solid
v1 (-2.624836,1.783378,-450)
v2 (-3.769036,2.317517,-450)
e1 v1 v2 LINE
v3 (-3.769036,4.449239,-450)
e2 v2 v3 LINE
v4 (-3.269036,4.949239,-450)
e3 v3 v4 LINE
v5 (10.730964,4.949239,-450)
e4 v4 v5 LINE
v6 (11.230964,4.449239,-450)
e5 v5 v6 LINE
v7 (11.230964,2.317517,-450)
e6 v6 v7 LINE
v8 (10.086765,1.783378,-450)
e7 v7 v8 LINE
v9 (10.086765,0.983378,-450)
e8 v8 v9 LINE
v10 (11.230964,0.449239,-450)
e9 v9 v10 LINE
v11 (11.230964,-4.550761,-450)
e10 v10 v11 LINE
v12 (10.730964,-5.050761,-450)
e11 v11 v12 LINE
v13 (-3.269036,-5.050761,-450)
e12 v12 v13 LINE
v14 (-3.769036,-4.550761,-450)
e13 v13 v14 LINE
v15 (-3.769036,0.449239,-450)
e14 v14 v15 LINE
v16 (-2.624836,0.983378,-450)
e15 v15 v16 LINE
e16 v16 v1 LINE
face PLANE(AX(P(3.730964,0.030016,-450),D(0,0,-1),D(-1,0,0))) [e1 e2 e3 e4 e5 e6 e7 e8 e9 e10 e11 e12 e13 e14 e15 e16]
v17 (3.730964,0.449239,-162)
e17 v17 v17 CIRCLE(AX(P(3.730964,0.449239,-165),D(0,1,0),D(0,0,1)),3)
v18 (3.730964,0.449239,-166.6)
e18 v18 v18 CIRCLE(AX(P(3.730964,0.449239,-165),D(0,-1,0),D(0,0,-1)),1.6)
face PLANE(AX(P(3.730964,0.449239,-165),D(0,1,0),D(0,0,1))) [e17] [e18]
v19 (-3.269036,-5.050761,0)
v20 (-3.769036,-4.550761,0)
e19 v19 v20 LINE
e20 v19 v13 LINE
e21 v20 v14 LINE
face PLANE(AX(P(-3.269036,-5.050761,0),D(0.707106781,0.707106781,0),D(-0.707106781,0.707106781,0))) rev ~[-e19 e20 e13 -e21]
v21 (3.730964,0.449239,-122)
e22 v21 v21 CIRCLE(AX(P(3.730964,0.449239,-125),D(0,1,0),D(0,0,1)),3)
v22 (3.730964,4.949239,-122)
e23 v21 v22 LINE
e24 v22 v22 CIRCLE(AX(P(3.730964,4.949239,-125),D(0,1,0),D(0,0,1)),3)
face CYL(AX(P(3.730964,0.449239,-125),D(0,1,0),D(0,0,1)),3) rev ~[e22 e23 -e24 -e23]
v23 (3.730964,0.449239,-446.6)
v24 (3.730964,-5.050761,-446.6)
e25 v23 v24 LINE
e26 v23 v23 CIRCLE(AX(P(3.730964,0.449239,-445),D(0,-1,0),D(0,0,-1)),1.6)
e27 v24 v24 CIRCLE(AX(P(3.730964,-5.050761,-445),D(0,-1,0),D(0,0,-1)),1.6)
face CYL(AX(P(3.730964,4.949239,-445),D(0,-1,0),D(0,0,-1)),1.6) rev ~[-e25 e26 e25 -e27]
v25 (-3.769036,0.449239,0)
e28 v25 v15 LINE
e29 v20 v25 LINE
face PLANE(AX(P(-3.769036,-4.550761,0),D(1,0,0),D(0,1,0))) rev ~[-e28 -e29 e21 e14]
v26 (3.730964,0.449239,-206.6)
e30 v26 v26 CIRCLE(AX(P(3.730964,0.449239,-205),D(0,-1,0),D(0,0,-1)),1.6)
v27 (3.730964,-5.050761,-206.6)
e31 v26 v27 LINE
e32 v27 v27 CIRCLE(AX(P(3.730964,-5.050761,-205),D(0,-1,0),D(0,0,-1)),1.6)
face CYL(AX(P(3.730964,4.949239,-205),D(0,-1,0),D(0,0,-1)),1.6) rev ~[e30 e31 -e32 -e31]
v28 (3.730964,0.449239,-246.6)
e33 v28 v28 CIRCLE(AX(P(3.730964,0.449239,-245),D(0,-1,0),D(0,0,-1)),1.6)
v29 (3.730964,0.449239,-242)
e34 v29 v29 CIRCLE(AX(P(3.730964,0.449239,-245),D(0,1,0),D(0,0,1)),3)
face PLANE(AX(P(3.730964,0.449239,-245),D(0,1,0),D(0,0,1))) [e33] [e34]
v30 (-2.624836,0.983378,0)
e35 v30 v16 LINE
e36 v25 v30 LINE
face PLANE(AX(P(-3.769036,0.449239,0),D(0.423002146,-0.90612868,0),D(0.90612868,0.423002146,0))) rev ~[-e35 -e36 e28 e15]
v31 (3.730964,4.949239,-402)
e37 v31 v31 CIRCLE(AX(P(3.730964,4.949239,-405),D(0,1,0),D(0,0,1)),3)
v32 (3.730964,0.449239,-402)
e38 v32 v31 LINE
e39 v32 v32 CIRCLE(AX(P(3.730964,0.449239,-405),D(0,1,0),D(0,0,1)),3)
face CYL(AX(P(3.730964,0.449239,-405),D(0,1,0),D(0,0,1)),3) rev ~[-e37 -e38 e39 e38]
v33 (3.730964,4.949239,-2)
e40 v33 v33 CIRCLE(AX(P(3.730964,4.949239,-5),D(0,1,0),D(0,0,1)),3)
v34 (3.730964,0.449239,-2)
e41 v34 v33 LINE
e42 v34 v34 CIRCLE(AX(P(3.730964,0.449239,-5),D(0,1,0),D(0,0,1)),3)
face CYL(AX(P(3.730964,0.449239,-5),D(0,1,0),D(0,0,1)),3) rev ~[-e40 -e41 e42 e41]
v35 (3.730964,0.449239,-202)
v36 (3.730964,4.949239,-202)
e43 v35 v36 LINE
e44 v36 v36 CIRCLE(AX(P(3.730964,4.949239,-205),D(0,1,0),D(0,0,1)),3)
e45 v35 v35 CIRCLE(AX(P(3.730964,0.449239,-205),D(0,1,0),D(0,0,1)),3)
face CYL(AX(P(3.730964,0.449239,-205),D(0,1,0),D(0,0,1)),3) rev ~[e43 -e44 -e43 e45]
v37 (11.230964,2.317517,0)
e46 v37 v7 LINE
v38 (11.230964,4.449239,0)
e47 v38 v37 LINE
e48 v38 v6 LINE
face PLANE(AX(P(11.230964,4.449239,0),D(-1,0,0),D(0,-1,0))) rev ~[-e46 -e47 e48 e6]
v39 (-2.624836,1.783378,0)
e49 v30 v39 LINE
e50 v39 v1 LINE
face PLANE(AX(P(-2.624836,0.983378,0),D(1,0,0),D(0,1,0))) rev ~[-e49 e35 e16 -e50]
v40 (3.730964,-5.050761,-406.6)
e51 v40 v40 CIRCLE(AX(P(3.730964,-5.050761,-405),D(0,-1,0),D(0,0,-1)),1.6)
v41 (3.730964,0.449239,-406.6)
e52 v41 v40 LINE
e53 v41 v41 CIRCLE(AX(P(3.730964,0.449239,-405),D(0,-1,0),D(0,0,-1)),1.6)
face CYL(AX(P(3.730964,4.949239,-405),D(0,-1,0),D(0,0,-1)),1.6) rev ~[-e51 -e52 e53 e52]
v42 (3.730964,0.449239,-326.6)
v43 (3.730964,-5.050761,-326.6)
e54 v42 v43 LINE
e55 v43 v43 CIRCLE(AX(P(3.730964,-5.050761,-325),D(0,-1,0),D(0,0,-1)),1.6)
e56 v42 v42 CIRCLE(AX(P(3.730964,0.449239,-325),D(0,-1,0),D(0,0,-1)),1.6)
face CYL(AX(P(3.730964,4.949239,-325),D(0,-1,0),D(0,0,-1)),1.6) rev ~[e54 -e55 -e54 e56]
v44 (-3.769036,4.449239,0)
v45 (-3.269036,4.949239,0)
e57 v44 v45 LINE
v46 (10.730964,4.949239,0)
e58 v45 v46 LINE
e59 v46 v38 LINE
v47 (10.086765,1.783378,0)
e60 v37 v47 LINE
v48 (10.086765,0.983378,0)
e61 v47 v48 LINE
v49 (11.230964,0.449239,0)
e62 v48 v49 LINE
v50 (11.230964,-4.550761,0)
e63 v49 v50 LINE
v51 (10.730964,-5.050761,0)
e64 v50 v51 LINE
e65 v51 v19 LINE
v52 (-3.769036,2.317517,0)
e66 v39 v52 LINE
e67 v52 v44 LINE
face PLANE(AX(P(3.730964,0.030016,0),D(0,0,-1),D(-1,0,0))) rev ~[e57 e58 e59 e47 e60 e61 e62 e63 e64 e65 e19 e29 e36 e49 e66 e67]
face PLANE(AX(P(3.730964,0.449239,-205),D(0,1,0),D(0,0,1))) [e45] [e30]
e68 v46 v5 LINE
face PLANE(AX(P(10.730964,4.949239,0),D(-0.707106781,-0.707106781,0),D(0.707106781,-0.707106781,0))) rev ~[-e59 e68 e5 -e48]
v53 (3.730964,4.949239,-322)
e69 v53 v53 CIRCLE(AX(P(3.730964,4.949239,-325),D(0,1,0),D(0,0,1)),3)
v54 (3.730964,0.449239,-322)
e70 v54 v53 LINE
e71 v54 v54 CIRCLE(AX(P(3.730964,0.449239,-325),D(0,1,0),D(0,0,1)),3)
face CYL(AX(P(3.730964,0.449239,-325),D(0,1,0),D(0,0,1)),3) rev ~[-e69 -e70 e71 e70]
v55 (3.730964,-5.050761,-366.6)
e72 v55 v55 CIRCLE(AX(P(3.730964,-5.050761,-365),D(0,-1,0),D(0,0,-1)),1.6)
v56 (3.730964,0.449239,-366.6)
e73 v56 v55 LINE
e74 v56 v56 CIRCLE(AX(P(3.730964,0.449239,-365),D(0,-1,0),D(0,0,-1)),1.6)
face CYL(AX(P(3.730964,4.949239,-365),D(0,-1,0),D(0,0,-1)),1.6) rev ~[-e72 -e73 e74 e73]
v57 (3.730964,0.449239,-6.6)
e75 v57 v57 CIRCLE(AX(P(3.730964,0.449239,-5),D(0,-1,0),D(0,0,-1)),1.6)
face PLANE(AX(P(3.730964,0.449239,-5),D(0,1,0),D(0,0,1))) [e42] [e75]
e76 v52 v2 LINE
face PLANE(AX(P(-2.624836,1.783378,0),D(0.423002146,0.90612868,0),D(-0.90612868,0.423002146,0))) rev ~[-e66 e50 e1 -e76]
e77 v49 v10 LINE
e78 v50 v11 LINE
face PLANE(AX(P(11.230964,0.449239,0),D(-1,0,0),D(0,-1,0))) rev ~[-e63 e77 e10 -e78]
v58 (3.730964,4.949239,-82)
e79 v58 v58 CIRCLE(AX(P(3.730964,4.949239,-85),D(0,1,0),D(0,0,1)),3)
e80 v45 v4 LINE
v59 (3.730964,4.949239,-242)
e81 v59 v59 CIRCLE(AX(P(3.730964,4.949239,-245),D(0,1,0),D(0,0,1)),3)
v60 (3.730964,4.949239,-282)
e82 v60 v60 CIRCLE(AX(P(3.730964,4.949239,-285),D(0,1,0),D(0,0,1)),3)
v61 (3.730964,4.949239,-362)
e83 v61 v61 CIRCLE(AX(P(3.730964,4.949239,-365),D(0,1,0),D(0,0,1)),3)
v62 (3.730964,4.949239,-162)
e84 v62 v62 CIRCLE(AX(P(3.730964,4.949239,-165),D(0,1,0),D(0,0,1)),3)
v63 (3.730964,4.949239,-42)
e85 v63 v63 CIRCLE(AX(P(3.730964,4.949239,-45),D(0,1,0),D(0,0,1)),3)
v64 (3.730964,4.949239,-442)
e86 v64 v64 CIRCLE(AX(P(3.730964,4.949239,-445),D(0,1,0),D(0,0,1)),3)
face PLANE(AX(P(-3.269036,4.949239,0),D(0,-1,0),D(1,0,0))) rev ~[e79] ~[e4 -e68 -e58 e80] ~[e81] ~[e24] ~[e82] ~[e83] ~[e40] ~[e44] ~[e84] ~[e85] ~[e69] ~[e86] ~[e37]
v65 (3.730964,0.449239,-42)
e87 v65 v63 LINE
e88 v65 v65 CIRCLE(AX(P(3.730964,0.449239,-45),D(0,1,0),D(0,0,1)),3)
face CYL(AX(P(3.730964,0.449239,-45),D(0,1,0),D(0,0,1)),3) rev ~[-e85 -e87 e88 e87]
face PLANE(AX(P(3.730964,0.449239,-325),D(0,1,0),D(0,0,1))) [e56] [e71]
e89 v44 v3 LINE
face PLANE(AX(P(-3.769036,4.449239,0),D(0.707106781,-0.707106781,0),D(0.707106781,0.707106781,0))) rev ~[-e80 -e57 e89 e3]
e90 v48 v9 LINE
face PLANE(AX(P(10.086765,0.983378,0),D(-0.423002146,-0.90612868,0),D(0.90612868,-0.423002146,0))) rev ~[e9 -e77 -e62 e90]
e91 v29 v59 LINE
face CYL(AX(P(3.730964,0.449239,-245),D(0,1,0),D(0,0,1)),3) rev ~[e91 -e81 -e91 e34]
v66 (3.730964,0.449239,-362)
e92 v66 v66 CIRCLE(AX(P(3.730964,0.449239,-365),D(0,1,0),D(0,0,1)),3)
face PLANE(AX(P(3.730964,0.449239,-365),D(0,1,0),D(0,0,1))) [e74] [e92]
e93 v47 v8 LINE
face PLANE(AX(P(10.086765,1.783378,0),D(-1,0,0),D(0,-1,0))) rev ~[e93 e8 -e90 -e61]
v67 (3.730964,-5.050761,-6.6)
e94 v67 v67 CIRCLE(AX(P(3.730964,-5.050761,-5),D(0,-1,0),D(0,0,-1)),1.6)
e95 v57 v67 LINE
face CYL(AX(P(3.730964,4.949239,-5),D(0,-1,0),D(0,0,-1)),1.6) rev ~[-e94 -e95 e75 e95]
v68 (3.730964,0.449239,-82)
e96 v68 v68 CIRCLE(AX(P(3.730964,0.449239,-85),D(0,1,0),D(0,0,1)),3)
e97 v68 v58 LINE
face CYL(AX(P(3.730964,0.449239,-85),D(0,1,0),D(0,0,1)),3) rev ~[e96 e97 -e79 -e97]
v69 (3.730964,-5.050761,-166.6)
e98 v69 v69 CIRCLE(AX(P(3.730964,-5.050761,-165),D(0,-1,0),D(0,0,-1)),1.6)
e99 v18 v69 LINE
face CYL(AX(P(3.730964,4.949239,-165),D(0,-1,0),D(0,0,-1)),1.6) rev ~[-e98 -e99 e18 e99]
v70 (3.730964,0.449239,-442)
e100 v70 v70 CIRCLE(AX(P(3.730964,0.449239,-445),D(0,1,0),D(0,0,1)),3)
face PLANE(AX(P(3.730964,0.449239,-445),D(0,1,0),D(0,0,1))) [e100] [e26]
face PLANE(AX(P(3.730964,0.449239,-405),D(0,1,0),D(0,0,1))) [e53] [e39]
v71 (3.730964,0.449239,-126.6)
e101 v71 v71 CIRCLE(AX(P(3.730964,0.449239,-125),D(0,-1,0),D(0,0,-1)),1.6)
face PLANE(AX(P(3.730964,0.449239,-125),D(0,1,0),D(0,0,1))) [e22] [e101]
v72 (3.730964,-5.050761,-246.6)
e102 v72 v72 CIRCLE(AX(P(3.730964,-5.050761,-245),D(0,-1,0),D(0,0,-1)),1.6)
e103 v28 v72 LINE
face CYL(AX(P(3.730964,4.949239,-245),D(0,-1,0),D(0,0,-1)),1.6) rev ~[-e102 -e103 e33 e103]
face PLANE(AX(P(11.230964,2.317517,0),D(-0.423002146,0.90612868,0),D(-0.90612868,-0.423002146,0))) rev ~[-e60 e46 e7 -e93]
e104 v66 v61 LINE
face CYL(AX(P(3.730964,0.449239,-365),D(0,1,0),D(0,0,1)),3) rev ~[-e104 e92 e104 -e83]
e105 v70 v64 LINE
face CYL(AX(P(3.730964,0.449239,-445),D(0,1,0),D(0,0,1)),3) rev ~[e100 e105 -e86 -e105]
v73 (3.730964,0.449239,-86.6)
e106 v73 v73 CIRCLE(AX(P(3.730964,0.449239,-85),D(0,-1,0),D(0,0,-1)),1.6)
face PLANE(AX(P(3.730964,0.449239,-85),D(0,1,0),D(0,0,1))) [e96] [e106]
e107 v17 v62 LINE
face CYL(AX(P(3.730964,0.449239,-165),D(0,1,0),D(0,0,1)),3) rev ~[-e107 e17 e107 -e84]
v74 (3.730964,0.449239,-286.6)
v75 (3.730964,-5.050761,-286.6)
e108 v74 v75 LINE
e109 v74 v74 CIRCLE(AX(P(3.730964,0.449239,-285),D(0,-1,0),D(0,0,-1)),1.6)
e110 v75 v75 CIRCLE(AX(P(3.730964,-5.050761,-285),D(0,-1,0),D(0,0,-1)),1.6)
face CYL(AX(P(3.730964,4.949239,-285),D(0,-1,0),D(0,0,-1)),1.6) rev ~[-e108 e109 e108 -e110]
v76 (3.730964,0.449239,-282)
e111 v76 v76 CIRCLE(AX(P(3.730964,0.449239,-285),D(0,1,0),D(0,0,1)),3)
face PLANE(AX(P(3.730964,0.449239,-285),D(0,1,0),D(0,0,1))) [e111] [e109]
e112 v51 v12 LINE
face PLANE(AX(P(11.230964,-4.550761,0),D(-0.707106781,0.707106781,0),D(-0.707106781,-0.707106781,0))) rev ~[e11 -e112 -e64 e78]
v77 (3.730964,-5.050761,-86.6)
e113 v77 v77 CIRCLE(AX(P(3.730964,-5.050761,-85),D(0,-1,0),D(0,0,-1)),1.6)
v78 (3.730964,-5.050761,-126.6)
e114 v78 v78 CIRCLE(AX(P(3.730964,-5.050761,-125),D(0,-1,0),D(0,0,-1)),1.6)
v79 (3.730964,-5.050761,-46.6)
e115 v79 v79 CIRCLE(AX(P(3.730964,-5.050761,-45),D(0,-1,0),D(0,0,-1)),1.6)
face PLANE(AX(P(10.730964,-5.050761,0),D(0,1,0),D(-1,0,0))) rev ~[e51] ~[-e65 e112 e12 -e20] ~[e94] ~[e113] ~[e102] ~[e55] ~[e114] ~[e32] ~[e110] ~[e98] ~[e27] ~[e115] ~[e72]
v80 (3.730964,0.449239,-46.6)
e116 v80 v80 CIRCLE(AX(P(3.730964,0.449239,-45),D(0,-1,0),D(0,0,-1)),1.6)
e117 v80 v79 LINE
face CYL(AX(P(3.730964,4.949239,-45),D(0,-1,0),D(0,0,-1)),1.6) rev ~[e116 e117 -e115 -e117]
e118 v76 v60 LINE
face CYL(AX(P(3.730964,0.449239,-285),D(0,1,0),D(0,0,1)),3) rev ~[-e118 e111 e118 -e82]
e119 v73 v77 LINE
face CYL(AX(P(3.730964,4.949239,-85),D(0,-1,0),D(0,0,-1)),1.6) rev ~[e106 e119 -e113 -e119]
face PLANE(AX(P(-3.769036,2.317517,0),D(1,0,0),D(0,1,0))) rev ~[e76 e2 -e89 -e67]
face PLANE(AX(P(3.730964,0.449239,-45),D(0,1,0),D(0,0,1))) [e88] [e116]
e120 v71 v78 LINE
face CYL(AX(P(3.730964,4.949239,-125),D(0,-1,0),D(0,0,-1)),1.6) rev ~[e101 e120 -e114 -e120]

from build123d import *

# Parameters (mm, degrees)
EXTRUDE_1_DEPTH           = 450
HOLE_WIZARD_1_D           = 3.2
HOLE_WIZARD_1_CBORE_D     = 6
HOLE_WIZARD_1_CBORE_DEPTH = 4.5


with BuildPart() as part:
    # 草图1 → 凸台-拉伸1 (new body)
    with BuildSketch(Plane.XY):
        Polygon((-3.269035533, 4.949238579), (10.730964467, 4.949238579), (11.230964467, 4.449238579), (11.230964467, 2.317517259), (10.086764657, 1.783377919), (10.086764657, 0.983377919), (11.230964467, 0.449238579), (11.230964467, -4.550761421), (10.730964467, -5.050761421), (-3.269035533, -5.050761421), (-3.769035533, -4.550761421), (-3.769035533, 0.449238579), (-2.624835723, 0.983377919), (-2.624835723, 1.783377919), (-3.769035533, 2.317517259), (-3.769035533, 4.449238579), align=None)
    extrude(amount=-EXTRUDE_1_DEPTH)

    # 孔1 (through all)
    with Locations(Plane(origin=(3.730964467, 4.949238579, -445), x_dir=(0, 0, 1), z_dir=(0, 1, 0))):
        with Locations((0, 0), (40, 0), (80, 0), (120, 0), (160, 0), (200, 0), (240, 0), (280, 0), (320, 0), (360, 0), (400, 0), (440, 0)):
            CounterBoreHole(HOLE_WIZARD_1_D / 2, HOLE_WIZARD_1_CBORE_D / 2, HOLE_WIZARD_1_CBORE_DEPTH)


solid = part.part
